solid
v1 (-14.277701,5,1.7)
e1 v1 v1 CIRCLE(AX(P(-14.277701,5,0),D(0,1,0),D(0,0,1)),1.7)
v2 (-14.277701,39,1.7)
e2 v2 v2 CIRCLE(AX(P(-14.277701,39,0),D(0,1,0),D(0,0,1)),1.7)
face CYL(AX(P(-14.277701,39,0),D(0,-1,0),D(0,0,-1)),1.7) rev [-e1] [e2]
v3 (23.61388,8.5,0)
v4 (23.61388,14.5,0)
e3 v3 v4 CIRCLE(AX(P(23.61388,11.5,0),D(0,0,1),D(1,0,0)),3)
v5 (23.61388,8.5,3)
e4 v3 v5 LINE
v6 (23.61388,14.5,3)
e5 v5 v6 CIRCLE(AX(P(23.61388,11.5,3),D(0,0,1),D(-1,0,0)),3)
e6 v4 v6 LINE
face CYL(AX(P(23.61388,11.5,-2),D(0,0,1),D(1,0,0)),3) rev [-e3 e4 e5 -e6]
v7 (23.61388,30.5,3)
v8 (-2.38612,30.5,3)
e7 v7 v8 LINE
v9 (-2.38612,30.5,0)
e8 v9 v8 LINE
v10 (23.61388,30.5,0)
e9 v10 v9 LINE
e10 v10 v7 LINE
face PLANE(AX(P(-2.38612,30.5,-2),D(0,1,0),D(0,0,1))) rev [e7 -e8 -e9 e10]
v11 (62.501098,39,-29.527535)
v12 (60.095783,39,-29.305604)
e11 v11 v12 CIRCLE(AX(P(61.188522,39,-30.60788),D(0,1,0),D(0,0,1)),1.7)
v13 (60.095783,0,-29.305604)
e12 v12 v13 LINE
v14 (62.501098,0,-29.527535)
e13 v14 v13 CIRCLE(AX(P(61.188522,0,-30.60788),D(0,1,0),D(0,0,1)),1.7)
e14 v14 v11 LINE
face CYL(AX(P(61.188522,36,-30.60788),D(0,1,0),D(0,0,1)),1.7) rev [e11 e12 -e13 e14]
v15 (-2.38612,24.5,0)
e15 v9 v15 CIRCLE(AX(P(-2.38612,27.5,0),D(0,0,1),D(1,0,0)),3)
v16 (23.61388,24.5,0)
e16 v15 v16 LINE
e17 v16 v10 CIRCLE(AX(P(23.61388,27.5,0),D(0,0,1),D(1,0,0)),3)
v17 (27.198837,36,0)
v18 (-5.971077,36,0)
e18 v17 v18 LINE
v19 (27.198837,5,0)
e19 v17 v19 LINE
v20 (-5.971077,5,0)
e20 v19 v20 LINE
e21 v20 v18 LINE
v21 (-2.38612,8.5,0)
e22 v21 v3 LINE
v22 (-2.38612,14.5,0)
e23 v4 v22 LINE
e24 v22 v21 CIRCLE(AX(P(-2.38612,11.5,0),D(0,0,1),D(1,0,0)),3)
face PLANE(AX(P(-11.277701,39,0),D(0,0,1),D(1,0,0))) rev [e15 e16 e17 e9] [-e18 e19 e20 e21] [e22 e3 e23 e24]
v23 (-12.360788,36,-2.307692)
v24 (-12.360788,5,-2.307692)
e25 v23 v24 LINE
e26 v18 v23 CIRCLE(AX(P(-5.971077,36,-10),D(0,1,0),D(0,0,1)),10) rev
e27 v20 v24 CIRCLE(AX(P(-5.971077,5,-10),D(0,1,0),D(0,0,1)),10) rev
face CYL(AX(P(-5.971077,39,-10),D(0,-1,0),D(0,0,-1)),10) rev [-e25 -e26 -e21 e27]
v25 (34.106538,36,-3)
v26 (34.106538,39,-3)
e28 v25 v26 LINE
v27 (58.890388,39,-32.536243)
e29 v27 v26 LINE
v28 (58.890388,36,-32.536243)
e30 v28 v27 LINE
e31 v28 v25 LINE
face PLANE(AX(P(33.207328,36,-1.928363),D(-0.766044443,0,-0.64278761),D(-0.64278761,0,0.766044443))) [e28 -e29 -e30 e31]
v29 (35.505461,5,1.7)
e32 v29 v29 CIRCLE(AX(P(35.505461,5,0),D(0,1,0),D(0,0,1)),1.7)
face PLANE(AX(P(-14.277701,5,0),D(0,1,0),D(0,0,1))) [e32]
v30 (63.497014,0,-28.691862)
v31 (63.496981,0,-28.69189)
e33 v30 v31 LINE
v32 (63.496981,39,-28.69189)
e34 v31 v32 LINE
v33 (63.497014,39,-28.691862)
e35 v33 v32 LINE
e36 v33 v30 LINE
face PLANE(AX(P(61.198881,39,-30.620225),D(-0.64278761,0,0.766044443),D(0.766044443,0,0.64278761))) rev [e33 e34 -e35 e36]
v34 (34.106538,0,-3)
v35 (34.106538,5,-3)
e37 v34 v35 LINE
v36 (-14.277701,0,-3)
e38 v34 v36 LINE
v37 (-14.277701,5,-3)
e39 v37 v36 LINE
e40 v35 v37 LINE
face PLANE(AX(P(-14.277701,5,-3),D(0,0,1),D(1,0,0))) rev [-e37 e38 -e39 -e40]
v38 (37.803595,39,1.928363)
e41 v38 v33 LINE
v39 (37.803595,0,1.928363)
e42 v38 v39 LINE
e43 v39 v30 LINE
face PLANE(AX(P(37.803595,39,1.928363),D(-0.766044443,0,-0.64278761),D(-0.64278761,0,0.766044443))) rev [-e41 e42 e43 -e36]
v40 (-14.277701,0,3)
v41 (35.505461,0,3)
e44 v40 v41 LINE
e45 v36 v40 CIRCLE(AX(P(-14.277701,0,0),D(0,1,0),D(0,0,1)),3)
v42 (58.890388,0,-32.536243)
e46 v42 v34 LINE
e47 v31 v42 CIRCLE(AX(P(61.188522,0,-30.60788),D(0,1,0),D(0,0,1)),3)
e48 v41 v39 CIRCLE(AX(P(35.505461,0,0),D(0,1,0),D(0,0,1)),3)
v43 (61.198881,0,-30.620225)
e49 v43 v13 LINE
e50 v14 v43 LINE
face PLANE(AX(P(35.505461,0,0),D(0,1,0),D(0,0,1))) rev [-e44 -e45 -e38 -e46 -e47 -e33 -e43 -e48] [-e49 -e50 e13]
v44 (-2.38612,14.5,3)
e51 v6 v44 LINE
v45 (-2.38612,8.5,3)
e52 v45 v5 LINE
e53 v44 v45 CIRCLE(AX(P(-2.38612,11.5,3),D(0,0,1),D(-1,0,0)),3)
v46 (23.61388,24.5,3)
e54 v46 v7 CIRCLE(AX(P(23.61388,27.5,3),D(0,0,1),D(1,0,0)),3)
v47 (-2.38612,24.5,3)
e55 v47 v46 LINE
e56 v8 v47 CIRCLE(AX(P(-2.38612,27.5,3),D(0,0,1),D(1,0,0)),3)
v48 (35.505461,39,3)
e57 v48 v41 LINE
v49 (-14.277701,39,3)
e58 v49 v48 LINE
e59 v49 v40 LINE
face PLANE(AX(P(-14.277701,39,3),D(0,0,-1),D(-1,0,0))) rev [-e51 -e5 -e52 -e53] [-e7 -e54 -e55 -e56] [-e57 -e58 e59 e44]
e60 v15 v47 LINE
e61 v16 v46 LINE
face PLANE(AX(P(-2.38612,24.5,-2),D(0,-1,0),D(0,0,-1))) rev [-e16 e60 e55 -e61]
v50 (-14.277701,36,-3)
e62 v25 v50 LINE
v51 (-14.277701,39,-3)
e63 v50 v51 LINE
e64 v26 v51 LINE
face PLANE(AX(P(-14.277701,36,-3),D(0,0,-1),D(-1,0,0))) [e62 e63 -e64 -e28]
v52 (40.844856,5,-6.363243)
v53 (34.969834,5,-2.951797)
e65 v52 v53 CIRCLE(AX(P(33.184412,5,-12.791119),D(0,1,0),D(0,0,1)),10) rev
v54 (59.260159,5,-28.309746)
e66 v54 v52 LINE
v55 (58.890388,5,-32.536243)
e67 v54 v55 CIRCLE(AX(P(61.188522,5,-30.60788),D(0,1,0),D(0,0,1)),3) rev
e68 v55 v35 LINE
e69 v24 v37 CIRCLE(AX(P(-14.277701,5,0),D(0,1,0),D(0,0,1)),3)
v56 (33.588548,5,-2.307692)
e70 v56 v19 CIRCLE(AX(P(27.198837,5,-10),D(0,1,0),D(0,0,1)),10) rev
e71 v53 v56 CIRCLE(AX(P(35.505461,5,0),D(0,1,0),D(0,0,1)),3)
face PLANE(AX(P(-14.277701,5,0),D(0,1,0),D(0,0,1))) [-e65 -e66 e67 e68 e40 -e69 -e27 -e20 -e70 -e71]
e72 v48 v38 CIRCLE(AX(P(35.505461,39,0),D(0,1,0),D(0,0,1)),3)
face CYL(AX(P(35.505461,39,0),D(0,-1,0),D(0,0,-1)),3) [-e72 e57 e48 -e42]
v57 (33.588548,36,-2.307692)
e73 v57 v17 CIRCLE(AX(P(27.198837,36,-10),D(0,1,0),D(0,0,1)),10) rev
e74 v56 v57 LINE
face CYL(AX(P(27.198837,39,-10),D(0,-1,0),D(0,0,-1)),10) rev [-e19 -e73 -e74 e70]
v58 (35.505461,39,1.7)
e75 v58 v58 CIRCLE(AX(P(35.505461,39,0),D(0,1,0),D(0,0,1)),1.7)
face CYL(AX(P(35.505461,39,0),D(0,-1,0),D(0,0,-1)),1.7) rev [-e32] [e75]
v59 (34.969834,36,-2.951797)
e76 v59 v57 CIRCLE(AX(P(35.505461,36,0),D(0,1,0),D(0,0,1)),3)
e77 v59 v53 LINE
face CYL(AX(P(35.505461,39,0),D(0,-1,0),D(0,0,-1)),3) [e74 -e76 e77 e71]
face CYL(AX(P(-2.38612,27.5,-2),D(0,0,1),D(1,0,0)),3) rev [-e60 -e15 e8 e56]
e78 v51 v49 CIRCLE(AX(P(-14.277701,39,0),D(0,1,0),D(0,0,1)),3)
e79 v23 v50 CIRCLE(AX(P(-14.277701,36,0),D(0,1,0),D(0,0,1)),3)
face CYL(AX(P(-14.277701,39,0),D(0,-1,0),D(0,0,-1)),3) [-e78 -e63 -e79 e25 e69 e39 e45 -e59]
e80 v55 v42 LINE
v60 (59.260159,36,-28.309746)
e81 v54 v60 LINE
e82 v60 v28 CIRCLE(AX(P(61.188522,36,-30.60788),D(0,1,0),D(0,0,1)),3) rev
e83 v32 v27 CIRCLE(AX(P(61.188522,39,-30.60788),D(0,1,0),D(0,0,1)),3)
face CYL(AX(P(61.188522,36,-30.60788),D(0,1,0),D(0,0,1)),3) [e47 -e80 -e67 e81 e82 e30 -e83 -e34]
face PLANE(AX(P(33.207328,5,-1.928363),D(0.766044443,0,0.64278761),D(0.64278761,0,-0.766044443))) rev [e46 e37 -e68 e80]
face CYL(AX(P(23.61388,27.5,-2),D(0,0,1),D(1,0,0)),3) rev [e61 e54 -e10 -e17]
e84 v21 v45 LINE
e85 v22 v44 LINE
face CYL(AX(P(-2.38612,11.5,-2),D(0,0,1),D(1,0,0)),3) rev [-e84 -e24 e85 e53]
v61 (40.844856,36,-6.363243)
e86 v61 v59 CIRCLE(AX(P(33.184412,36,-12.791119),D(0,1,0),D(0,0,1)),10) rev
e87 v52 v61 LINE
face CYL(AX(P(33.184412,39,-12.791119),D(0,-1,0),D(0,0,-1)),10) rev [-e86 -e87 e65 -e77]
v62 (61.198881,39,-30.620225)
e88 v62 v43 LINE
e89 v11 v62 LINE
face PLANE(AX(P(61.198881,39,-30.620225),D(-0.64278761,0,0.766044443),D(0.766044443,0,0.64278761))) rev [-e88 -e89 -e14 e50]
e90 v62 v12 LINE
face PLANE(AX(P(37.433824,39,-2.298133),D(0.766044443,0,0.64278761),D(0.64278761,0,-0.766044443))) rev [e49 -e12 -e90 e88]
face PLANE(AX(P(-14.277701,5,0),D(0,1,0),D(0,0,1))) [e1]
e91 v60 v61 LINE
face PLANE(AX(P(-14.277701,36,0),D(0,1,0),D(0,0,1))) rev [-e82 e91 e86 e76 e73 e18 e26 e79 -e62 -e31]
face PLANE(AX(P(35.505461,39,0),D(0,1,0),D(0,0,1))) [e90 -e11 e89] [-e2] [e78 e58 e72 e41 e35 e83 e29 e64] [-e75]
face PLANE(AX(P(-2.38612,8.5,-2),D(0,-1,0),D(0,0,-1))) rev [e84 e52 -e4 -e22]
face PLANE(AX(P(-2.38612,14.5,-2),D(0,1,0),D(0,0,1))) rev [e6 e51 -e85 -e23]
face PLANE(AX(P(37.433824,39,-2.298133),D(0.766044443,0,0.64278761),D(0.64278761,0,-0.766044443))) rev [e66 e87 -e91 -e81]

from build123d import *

# Parameters (mm, degrees)
SKETCH_1_R          = 1.7
EXTRUDE_1_DEPTH     = 39
FILLET_1_R          = 10
EXTRUDE_2_DEPTH     = 5
EXTRUDE_START       = -3
SKETCH_4_R          = 1.7
EXTRUDE_3_DEPTH     = 3
CUT_EXTRUDE_2_DEPTH = 5
SKETCH_6_R          = 1.7
EXTRUDE_4_DEPTH     = 3
SKETCH_7_R          = 1.7
EXTRUDE_5_DEPTH     = 5
SKETCH_8_R          = 3
SKETCH_8_R_2        = 1.7
EXTRUDE_6_DEPTH     = 39


with BuildPart() as part:
    # 草图1 → 凸台-拉伸1 (new body)
    with BuildSketch(Plane(origin=(0, 0, 0), x_dir=(1, 0, 0), z_dir=(0, 1, 0))):
        with BuildLine():
            Line((-14.277701198, -3), (35.505461262, -3))
            ThreePointArc((35.505461262, -3), (36.773316047, -2.718923361), (37.803594591, -1.928362829))
            Line((37.803594591, -1.928362829), (63.497014217, 28.691862316))
            Line((63.497014217, 28.691862316), (61.198880888, 30.620225145))
            Line((61.198880888, 30.620225145), (37.433824091, 2.298133329))
            ThreePointArc((37.433824091, 2.298133329), (34.237606477, 2.718923361), (32.505461262, 0))
            Line((32.505461262, 0), (-11.277701198, 0))
            ThreePointArc((-11.277701198, 0), (-16.399021541, 2.121320344), (-14.277701198, -3))
        make_face()
        with Locations(Location((-14.277701198, 0, 0), (0, 0, 270))):
            Circle(SKETCH_1_R, mode=Mode.SUBTRACT)
        with Locations(Location((35.505461262, 0, 0), (0, 0, 270))):
            Circle(SKETCH_1_R, mode=Mode.SUBTRACT)
    extrude(amount=EXTRUDE_1_DEPTH)

    # 圆角1
    fillet_1_edges = [part.edges().sort_by_distance(p)[0] for p in [
        (37.433824091, 19.5, -2.298133329),
        (-11.277701198, 19.5, 0),
        (32.505461262, 19.5, 0),
    ]]
    fillet(fillet_1_edges, radius=FILLET_1_R)

    # 草图3 → 凸台-拉伸2 (add)
    with BuildSketch(Plane(origin=(0, 0, 0), x_dir=(1, 0, 0), z_dir=(0, 1, 0))):
        with BuildLine():
            Line((-14.277701198, 3), (35.505461262, 3))
            ThreePointArc((35.505461262, 3), (38.505461262, 0), (35.505461262, -3))
            Line((35.505461262, -3), (-14.277701198, -3))
            ThreePointArc((-14.277701198, -3), (-17.277701198, 0), (-14.277701198, 3))
        make_face()
    extrude(amount=EXTRUDE_2_DEPTH)

    # 草图4 → 凸台-拉伸3 (add)
    with BuildSketch(Plane(origin=(0, 39, 0), x_dir=(1, 0, 0), z_dir=(0, 1, 0)).offset(EXTRUDE_START)):
        with BuildLine():
            Line((-14.277701198, 3), (35.505461262, 3))
            ThreePointArc((35.505461262, 3), (38.505461262, 0), (35.505461262, -3))
            Line((35.505461262, -3), (-14.277701198, -3))
            ThreePointArc((-14.277701198, -3), (-17.277701198, 0), (-14.277701198, 3))
        make_face()
        with Locations(Location((-14.277701198, 0, 0), (0, 0, 270))):
            Circle(SKETCH_4_R, mode=Mode.SUBTRACT)
        with Locations(Location((35.505461262, 0, 0), (0, 0, 270))):
            Circle(SKETCH_4_R, mode=Mode.SUBTRACT)
    extrude(amount=EXTRUDE_3_DEPTH)

    # 草图5 → 切除-拉伸2 (cut)
    with BuildSketch(Plane.XY.offset(3)):
        with BuildLine():
            Line((-2.386119968, 30.5), (23.613880032, 30.5))
            ThreePointArc((23.613880032, 30.5), (26.613880032, 27.5), (23.613880032, 24.5))
            Line((23.613880032, 24.5), (-2.386119968, 24.5))
            ThreePointArc((-2.386119968, 24.5), (-5.386119968, 27.5), (-2.386119968, 30.5))
        make_face()
        with BuildLine():
            Line((-2.386119968, 8.5), (23.613880032, 8.5))
            ThreePointArc((23.613880032, 8.5), (26.613880032, 11.5), (23.613880032, 14.5))
            Line((23.613880032, 14.5), (-2.386119968, 14.5))
            ThreePointArc((-2.386119968, 14.5), (-5.386119968, 11.5), (-2.386119968, 8.5))
        make_face()
    extrude(amount=-CUT_EXTRUDE_2_DEPTH, mode=Mode.SUBTRACT)

    # 草图6 → 凸台-拉伸4 (add)
    with BuildSketch(Plane(origin=(0, 39, 0), x_dir=(1, 0, 0), z_dir=(0, 1, 0)).offset(EXTRUDE_START)):
        with BuildLine():
            Line((33.207327933, 1.928362829), (58.890388489, 32.536242516))
            ThreePointArc((58.890388489, 32.536242516), (63.116884647, 32.906013016), (63.486655148, 28.679516858))
            Line((63.486655148, 28.679516858), (37.803594591, -1.928362829))
            ThreePointArc((37.803594591, -1.928362829), (33.577098433, -2.298133329), (33.207327933, 1.928362829))
        make_face()
        with Locations(Location((35.505461262, 0, 0), (0, 0, 270))):
            Circle(SKETCH_6_R, mode=Mode.SUBTRACT)
        with Locations((61.188521818, 30.607879687)):
            Circle(SKETCH_6_R, mode=Mode.SUBTRACT)
    extrude(amount=EXTRUDE_4_DEPTH)

    # 草图7 → 凸台-拉伸5 (add)
    with BuildSketch(Plane(origin=(0, 0, 0), x_dir=(1, 0, 0), z_dir=(0, 1, 0))):
        with BuildLine():
            Line((33.207327933, 1.928362829), (58.890388489, 32.536242516))
            ThreePointArc((58.890388489, 32.536242516), (63.116884647, 32.906013016), (63.486655148, 28.679516858))
            Line((63.486655148, 28.679516858), (37.803594591, -1.928362829))
            ThreePointArc((37.803594591, -1.928362829), (33.577098433, -2.298133329), (33.207327933, 1.928362829))
        make_face()
        with Locations(Location((35.505461262, 0, 0), (0, 0, 270))):
            Circle(SKETCH_7_R, mode=Mode.SUBTRACT)
        with Locations((61.188521818, 30.607879687)):
            Circle(SKETCH_7_R, mode=Mode.SUBTRACT)
    extrude(amount=EXTRUDE_5_DEPTH)

    # 草图8 → 凸台-拉伸6 (add)
    with BuildSketch(Plane(origin=(0, 0, 0), x_dir=(1, 0, 0), z_dir=(0, 1, 0))):
        with Locations((61.188521818, 30.607879687)):
            Circle(SKETCH_8_R)
        with Locations((61.188521818, 30.607879687)):
            Circle(SKETCH_8_R_2, mode=Mode.SUBTRACT)
    extrude(amount=EXTRUDE_6_DEPTH)


solid = part.part
